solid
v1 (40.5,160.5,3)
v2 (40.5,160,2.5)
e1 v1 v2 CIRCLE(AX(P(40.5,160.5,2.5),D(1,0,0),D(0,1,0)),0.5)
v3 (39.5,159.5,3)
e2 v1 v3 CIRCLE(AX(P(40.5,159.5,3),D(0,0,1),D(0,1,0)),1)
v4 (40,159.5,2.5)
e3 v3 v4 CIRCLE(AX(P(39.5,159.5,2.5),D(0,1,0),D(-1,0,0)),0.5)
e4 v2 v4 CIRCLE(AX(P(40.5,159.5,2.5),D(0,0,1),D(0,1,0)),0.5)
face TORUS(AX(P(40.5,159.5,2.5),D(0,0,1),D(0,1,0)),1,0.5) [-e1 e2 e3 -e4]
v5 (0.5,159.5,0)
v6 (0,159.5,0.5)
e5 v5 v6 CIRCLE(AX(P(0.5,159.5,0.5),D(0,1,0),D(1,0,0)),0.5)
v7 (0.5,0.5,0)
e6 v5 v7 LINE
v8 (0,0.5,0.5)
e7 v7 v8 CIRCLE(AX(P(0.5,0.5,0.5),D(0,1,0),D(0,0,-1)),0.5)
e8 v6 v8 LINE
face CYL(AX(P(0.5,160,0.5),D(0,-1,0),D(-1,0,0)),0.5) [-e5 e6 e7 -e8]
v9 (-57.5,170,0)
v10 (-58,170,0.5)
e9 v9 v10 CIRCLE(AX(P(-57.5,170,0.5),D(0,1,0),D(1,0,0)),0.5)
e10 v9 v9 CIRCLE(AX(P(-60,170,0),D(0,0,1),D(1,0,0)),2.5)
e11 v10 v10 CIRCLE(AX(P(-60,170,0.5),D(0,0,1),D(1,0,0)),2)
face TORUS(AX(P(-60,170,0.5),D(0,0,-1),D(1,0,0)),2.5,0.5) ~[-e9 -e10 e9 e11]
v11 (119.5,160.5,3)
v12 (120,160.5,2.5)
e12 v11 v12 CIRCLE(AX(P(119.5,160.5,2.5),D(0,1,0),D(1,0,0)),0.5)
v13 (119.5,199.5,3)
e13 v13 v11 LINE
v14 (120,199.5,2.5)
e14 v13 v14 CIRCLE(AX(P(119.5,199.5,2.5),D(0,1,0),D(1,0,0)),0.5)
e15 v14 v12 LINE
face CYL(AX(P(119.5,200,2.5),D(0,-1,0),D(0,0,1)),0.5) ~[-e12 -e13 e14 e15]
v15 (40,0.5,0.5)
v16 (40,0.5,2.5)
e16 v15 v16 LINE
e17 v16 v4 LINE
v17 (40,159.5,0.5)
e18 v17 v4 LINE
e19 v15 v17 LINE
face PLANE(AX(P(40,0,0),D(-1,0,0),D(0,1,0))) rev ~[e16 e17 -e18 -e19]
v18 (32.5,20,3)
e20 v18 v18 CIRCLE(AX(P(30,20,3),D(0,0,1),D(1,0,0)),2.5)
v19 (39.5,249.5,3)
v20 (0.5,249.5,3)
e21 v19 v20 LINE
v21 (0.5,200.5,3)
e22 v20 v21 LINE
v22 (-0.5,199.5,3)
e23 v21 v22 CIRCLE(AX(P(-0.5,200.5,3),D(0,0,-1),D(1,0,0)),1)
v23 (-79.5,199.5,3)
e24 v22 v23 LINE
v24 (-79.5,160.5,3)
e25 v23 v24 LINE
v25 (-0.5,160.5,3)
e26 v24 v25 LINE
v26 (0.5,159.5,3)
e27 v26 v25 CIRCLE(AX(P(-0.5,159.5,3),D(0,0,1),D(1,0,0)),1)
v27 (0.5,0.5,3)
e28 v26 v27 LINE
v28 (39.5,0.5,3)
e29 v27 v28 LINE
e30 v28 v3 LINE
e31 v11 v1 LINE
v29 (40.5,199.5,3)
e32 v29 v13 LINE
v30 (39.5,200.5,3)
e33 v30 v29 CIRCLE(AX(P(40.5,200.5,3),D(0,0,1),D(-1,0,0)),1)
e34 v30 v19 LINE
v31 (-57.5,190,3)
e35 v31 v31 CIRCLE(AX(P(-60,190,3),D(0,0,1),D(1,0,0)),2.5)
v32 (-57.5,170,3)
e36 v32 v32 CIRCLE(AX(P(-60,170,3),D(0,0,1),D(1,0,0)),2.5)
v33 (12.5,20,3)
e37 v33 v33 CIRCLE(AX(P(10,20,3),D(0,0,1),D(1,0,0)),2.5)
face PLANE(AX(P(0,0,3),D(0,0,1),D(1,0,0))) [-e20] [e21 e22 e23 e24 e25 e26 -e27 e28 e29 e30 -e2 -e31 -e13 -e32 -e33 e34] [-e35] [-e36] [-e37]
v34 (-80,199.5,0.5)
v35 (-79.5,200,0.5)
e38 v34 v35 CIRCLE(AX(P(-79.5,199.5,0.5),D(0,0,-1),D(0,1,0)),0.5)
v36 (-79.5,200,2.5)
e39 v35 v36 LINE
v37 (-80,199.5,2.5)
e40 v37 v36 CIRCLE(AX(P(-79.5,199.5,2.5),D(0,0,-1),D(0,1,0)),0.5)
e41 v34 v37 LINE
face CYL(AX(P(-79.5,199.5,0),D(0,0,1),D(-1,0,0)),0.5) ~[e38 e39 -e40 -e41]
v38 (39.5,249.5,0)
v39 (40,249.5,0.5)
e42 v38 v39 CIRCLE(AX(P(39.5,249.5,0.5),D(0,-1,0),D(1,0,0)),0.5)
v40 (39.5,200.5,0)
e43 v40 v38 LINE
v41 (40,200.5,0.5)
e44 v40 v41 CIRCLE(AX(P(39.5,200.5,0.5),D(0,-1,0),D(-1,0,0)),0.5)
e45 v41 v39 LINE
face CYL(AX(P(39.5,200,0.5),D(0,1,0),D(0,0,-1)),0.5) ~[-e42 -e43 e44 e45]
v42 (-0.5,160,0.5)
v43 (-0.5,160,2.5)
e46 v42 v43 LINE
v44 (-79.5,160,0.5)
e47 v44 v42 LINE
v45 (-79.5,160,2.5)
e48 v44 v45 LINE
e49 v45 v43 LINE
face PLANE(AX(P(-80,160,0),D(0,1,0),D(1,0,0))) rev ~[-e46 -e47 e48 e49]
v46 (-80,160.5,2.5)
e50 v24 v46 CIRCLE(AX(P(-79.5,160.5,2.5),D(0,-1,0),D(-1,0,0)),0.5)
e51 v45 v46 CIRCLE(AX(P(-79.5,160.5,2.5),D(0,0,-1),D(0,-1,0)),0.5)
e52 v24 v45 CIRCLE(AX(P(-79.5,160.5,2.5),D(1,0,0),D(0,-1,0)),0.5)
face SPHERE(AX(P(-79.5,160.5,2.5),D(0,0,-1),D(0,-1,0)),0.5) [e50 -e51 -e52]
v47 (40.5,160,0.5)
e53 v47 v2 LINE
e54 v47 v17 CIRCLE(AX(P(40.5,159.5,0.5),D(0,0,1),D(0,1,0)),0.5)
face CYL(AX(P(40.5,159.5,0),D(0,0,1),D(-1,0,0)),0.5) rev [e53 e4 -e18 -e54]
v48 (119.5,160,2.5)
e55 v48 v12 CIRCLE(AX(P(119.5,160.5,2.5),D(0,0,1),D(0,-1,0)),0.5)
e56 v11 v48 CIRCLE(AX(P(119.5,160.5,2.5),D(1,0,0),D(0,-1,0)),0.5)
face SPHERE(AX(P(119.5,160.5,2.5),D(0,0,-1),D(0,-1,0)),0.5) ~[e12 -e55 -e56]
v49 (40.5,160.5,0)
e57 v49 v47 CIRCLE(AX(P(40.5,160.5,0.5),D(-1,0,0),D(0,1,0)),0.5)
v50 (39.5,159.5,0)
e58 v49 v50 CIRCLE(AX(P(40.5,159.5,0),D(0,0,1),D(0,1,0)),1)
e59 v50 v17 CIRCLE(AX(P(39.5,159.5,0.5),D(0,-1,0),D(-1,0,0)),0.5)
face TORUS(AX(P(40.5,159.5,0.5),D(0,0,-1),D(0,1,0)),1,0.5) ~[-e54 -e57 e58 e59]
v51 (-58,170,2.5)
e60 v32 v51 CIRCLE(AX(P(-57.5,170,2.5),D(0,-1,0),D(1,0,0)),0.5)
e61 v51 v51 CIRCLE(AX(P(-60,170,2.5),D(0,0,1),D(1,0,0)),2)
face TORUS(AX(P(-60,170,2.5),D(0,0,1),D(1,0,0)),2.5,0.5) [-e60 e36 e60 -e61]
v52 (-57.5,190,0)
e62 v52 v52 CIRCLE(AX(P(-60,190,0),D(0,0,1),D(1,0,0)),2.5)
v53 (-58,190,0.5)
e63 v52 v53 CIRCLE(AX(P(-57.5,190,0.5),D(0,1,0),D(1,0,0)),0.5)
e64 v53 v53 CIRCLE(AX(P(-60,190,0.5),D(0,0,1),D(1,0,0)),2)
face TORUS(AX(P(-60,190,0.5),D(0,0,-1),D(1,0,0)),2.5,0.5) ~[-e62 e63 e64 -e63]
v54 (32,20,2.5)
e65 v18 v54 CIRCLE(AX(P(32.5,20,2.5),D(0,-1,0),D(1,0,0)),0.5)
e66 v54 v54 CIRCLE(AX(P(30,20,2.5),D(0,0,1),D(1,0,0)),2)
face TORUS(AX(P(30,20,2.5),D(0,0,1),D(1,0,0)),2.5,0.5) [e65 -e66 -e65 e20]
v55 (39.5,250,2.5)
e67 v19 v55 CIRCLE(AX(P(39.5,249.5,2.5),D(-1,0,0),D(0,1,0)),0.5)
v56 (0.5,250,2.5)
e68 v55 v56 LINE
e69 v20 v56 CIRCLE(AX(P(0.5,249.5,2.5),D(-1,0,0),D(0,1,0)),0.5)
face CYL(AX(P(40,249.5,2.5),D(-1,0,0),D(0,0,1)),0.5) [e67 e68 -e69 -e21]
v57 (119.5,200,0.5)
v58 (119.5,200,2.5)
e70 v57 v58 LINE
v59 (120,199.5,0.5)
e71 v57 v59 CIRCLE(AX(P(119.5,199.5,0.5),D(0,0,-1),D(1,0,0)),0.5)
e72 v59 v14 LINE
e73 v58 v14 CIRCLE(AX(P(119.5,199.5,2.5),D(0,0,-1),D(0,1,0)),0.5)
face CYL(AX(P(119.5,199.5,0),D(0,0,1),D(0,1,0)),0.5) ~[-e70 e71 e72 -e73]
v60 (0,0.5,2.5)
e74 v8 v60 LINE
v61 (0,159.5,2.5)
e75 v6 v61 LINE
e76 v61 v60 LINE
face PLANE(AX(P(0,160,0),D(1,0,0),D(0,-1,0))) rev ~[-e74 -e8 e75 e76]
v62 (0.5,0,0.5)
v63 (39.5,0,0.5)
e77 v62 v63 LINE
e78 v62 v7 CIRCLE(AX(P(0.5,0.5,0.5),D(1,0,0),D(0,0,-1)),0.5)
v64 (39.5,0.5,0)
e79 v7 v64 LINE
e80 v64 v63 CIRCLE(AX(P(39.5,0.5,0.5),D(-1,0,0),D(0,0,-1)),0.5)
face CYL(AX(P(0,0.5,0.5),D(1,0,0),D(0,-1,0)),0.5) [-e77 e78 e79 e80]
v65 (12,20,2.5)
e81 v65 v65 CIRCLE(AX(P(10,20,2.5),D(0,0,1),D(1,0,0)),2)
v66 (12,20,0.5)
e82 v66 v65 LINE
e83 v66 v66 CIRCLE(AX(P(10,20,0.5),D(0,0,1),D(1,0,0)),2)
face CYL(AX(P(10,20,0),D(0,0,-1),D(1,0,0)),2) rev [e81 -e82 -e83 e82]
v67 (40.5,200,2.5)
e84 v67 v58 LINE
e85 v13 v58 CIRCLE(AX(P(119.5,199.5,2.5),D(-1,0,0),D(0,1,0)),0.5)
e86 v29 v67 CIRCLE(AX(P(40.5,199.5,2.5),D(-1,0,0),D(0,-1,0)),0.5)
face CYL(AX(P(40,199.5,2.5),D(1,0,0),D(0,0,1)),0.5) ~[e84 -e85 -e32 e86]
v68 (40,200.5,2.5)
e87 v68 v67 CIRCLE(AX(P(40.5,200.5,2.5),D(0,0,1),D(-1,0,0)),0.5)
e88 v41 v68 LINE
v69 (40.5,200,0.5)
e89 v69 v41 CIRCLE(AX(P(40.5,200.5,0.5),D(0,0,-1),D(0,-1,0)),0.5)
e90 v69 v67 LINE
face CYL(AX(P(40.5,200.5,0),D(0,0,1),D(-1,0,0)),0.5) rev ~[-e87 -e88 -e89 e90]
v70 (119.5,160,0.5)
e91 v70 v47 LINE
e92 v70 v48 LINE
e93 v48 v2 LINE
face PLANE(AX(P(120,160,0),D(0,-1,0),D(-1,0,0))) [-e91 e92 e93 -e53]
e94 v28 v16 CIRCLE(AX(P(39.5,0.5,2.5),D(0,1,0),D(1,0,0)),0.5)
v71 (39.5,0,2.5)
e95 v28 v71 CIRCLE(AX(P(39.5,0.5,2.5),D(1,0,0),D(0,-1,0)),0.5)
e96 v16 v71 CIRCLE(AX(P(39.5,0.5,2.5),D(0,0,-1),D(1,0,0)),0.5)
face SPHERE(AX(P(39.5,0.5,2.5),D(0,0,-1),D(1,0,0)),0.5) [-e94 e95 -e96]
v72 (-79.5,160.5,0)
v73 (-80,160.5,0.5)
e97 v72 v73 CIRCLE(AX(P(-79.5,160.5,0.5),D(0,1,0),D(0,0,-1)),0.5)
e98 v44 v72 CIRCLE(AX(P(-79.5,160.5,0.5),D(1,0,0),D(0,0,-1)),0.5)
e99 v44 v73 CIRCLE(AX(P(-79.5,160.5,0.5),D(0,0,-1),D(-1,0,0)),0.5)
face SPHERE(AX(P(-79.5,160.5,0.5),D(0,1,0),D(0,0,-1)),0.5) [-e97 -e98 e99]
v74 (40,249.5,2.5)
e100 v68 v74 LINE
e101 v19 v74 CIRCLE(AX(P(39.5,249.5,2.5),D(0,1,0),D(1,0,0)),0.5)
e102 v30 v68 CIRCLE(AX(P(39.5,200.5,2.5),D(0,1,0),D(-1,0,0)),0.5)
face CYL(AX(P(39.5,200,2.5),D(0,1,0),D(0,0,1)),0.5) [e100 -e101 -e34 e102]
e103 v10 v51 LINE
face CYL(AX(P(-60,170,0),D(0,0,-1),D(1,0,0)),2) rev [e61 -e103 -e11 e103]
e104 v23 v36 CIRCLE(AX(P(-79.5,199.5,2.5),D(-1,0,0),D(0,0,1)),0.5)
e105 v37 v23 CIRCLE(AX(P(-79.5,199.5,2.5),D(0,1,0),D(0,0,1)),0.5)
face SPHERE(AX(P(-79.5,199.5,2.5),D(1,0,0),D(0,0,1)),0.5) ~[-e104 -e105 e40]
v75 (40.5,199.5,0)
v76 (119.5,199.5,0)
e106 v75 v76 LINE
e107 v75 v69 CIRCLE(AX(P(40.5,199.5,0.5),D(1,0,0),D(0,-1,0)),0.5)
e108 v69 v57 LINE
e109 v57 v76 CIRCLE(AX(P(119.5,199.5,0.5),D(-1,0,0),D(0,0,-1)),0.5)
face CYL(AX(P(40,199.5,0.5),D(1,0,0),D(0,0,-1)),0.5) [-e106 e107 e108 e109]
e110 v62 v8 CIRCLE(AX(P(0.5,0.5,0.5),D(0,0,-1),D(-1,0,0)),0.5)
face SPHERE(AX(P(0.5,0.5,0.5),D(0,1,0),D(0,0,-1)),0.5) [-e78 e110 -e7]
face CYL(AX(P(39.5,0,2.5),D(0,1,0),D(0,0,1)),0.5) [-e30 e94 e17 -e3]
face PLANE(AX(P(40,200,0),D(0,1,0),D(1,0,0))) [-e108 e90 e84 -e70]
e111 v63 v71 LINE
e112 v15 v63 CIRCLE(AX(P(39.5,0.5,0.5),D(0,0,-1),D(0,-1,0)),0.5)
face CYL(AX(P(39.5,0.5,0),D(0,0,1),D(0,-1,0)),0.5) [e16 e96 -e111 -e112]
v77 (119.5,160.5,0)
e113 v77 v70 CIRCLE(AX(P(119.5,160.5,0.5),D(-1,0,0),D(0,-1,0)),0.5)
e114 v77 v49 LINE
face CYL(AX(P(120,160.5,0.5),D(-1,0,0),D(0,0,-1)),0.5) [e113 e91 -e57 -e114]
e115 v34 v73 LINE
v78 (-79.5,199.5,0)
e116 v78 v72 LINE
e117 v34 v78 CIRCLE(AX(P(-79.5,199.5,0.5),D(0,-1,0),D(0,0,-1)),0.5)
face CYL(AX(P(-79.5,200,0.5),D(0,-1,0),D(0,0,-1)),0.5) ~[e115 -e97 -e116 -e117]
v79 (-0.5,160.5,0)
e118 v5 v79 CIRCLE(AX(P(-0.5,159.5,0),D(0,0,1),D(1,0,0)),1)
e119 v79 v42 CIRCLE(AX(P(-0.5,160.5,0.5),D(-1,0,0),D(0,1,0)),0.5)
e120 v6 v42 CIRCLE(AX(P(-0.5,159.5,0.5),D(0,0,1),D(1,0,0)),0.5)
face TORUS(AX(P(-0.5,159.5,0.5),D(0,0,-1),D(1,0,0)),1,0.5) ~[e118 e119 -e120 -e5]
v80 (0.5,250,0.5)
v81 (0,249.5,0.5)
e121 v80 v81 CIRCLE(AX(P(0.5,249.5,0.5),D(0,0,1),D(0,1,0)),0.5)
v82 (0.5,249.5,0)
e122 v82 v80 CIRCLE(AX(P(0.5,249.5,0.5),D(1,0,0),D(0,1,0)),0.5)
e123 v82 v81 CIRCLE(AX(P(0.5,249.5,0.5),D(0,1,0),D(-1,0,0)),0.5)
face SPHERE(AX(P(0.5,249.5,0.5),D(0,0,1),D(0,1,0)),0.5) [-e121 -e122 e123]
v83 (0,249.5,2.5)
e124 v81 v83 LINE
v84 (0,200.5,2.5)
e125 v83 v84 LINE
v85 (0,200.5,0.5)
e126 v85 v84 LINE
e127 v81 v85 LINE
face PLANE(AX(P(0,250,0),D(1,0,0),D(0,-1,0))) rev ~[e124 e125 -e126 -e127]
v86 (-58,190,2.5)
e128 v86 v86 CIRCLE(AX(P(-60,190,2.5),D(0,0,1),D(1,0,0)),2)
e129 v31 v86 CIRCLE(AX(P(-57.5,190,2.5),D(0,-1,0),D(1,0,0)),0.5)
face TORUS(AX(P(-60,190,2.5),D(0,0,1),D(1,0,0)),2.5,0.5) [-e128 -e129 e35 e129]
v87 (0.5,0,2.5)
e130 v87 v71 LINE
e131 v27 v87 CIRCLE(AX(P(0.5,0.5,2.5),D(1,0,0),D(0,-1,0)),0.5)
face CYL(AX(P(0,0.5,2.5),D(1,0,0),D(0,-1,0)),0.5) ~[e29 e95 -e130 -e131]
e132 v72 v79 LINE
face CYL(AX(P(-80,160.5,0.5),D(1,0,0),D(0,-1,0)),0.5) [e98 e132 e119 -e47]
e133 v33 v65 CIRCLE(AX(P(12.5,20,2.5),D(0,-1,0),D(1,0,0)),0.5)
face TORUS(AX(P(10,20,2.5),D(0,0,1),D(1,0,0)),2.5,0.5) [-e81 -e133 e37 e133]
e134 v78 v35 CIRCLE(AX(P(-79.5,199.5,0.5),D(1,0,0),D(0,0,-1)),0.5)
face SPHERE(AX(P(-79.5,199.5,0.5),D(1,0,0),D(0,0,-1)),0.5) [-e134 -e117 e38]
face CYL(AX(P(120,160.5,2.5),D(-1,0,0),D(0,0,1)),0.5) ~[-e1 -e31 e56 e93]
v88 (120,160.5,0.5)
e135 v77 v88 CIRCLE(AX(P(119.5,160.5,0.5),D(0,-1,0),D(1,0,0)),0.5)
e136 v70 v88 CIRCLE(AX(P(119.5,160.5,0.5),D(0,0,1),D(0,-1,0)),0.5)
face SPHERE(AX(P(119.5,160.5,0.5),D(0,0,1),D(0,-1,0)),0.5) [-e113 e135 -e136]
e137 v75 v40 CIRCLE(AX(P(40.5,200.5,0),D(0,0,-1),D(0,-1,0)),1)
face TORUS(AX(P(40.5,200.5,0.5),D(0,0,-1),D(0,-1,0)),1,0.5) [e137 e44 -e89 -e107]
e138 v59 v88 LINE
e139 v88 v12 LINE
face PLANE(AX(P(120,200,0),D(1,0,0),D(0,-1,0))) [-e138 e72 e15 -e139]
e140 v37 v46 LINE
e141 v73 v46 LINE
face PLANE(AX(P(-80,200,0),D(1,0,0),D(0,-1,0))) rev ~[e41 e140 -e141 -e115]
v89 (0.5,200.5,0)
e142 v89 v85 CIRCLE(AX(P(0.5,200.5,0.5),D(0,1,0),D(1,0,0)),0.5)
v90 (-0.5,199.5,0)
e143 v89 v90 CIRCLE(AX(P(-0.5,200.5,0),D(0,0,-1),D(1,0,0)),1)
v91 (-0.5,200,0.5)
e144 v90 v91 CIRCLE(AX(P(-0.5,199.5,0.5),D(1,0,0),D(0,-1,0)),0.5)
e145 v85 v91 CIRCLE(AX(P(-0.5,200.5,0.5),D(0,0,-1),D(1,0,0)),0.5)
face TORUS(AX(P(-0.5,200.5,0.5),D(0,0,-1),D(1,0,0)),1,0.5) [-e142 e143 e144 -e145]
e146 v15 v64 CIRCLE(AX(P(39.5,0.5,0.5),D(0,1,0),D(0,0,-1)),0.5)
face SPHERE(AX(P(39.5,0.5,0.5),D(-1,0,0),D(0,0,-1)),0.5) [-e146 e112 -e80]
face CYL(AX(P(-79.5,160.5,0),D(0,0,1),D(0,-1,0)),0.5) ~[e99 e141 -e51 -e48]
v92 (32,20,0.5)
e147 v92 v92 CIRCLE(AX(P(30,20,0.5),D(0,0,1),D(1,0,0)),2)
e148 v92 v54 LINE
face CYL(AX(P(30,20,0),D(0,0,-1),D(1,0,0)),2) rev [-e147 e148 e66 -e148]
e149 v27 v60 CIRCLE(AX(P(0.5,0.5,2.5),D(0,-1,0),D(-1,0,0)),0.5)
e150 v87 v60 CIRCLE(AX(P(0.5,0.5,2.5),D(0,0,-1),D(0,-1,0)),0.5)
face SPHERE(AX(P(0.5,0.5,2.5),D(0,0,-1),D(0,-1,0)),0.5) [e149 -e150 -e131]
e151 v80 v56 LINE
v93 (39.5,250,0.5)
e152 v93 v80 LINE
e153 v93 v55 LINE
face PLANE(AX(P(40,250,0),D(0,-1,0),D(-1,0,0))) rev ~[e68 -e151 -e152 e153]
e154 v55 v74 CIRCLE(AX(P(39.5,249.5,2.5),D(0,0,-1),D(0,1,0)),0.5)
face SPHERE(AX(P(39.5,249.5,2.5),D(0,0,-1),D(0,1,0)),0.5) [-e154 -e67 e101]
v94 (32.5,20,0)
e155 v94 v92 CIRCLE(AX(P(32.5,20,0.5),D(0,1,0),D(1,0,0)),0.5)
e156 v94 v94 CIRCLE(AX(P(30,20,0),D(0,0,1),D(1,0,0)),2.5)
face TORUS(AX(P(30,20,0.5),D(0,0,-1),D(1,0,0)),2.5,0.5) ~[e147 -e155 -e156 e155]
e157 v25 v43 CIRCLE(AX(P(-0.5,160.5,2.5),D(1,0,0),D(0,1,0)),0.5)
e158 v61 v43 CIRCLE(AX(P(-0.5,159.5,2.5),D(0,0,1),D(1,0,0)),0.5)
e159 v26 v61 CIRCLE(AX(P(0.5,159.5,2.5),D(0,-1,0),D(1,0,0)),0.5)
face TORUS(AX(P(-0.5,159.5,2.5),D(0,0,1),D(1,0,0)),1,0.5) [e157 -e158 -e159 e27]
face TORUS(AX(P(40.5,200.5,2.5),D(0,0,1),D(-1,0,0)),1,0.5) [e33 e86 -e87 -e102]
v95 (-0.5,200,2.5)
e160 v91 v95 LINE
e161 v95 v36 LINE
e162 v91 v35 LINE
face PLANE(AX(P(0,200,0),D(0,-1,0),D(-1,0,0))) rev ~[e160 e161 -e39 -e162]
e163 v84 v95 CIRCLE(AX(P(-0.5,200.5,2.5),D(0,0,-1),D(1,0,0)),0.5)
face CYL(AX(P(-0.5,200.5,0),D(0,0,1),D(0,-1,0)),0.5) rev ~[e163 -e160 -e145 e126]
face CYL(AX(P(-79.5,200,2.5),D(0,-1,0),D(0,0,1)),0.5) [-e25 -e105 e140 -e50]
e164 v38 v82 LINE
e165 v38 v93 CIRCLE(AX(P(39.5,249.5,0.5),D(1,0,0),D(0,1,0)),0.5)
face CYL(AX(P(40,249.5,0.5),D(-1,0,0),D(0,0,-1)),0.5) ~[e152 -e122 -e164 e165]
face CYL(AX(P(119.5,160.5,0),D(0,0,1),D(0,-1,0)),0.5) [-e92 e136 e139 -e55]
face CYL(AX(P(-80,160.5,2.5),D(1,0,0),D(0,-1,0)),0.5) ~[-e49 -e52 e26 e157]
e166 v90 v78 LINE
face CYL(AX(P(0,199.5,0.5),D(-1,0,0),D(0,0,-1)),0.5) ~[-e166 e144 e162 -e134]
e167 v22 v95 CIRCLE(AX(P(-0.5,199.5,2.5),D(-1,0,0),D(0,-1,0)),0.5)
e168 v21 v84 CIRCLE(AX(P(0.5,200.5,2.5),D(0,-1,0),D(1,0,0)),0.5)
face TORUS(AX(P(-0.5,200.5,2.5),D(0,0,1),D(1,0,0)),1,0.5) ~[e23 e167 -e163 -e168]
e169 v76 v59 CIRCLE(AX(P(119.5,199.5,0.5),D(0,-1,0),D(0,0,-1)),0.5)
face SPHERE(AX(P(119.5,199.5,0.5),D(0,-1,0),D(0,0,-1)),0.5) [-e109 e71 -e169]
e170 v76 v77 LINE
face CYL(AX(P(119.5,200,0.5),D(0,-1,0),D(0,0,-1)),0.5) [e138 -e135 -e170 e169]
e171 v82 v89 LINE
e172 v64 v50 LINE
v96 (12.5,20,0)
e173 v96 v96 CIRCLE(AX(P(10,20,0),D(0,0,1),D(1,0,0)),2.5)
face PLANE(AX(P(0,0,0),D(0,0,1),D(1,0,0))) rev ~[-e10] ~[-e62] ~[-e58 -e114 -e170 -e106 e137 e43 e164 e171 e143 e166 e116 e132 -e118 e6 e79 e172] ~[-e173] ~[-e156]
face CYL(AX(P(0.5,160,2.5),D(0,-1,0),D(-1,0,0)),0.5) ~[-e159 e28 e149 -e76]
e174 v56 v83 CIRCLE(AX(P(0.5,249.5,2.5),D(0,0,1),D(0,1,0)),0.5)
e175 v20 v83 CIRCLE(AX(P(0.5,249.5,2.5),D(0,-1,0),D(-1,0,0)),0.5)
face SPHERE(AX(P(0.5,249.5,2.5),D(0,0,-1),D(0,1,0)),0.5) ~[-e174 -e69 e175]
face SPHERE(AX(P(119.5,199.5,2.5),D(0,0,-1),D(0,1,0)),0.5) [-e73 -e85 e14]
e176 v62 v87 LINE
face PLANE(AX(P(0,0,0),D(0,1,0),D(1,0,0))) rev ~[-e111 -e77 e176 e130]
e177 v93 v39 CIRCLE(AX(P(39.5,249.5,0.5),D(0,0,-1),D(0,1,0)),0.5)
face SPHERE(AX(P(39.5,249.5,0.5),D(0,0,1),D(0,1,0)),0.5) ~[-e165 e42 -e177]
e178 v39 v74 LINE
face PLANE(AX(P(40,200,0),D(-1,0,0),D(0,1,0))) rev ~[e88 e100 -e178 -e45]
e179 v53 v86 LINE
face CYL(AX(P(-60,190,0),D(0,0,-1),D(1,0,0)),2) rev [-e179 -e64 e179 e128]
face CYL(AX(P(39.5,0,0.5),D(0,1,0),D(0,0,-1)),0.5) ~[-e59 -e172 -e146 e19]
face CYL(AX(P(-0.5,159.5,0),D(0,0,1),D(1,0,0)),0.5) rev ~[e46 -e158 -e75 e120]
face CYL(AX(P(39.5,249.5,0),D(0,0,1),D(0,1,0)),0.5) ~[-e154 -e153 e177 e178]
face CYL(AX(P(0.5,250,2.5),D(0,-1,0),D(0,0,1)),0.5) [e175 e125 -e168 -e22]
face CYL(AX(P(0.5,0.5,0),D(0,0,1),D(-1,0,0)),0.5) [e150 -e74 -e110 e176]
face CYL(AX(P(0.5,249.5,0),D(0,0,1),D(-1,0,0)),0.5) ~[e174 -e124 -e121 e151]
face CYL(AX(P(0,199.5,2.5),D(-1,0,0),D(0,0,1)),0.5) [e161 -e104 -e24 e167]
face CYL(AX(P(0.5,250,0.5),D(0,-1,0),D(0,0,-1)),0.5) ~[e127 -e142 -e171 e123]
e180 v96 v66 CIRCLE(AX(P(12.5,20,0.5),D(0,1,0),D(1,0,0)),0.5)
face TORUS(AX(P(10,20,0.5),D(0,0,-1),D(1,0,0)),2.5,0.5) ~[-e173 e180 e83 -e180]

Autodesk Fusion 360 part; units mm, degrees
sketch "Sketch1" plane through (0, 0, 0) normal (0, 0, 1) x (1, 0, 0)
  line L0 (0, 0) -> (40, 0)
  line L1 (40, 0) -> (40, 200)
  line L2 (40, 200) -> (0, 200)
  line L3 (0, 200) -> (0, 0)
  line L4 (40, 200) -> (120, 200)
  line L5 (120, 200) -> (120, 160)
  line L6 (120, 160) -> (40, 160)
  line L7 (40, 160) -> (40, 200)
  line L8 (0, 200) -> (-80, 200)
  line L9 (-80, 200) -> (-80, 160)
  line L10 (-80, 160) -> (0, 160)
  line L11 (0, 160) -> (0, 200)
  line L12 (0, 200) -> (40, 200)
  line L13 (40, 200) -> (40, 250)
  line L14 (40, 250) -> (0, 250)
  line L15 (0, 250) -> (0, 200)
  circle A0 centre (10, 20) radius 2
  circle A1 centre (30, 20) radius 2
  circle A2 centre (-60, 190) radius 2
  circle A3 centre (-60, 170) radius 2
  dimension "d1" = 40
  dimension "d2" = 200
  dimension "d3" = 80
  dimension "d4" = 40
  dimension "d5" = 80
  dimension "d6" = 40
  dimension "d7" = 4
  dimension "d8" = 4
  dimension "d9" = 4
  dimension "d10" = 4
extrude "Extrude1" add sketch "Sketch1" along normal blind 3
fillet "Fillet1" radius 0.5 18 faces at (26.6667, 250, 1) (93.3333, 160, 1) (23.3333, 114, 0) (40, 53.3333, 1) (13.3333, 0, 1) (0, 106.6667, 1) (-53.3333, 160, 1) (40, 216.6667, 1) (-58.0025, 170.0997, 1) (31.9975, 19.9003, 2) (-61.9603, 190.3963, 2) (66.6667, 200, 1) (11.9975, 19.9003, 2) (120, 186.6667, 1) (23.3333, 114, 3) (-80, 186.6667, 1) (0, 233.3333, 1) (-26.6667, 200, 1)
